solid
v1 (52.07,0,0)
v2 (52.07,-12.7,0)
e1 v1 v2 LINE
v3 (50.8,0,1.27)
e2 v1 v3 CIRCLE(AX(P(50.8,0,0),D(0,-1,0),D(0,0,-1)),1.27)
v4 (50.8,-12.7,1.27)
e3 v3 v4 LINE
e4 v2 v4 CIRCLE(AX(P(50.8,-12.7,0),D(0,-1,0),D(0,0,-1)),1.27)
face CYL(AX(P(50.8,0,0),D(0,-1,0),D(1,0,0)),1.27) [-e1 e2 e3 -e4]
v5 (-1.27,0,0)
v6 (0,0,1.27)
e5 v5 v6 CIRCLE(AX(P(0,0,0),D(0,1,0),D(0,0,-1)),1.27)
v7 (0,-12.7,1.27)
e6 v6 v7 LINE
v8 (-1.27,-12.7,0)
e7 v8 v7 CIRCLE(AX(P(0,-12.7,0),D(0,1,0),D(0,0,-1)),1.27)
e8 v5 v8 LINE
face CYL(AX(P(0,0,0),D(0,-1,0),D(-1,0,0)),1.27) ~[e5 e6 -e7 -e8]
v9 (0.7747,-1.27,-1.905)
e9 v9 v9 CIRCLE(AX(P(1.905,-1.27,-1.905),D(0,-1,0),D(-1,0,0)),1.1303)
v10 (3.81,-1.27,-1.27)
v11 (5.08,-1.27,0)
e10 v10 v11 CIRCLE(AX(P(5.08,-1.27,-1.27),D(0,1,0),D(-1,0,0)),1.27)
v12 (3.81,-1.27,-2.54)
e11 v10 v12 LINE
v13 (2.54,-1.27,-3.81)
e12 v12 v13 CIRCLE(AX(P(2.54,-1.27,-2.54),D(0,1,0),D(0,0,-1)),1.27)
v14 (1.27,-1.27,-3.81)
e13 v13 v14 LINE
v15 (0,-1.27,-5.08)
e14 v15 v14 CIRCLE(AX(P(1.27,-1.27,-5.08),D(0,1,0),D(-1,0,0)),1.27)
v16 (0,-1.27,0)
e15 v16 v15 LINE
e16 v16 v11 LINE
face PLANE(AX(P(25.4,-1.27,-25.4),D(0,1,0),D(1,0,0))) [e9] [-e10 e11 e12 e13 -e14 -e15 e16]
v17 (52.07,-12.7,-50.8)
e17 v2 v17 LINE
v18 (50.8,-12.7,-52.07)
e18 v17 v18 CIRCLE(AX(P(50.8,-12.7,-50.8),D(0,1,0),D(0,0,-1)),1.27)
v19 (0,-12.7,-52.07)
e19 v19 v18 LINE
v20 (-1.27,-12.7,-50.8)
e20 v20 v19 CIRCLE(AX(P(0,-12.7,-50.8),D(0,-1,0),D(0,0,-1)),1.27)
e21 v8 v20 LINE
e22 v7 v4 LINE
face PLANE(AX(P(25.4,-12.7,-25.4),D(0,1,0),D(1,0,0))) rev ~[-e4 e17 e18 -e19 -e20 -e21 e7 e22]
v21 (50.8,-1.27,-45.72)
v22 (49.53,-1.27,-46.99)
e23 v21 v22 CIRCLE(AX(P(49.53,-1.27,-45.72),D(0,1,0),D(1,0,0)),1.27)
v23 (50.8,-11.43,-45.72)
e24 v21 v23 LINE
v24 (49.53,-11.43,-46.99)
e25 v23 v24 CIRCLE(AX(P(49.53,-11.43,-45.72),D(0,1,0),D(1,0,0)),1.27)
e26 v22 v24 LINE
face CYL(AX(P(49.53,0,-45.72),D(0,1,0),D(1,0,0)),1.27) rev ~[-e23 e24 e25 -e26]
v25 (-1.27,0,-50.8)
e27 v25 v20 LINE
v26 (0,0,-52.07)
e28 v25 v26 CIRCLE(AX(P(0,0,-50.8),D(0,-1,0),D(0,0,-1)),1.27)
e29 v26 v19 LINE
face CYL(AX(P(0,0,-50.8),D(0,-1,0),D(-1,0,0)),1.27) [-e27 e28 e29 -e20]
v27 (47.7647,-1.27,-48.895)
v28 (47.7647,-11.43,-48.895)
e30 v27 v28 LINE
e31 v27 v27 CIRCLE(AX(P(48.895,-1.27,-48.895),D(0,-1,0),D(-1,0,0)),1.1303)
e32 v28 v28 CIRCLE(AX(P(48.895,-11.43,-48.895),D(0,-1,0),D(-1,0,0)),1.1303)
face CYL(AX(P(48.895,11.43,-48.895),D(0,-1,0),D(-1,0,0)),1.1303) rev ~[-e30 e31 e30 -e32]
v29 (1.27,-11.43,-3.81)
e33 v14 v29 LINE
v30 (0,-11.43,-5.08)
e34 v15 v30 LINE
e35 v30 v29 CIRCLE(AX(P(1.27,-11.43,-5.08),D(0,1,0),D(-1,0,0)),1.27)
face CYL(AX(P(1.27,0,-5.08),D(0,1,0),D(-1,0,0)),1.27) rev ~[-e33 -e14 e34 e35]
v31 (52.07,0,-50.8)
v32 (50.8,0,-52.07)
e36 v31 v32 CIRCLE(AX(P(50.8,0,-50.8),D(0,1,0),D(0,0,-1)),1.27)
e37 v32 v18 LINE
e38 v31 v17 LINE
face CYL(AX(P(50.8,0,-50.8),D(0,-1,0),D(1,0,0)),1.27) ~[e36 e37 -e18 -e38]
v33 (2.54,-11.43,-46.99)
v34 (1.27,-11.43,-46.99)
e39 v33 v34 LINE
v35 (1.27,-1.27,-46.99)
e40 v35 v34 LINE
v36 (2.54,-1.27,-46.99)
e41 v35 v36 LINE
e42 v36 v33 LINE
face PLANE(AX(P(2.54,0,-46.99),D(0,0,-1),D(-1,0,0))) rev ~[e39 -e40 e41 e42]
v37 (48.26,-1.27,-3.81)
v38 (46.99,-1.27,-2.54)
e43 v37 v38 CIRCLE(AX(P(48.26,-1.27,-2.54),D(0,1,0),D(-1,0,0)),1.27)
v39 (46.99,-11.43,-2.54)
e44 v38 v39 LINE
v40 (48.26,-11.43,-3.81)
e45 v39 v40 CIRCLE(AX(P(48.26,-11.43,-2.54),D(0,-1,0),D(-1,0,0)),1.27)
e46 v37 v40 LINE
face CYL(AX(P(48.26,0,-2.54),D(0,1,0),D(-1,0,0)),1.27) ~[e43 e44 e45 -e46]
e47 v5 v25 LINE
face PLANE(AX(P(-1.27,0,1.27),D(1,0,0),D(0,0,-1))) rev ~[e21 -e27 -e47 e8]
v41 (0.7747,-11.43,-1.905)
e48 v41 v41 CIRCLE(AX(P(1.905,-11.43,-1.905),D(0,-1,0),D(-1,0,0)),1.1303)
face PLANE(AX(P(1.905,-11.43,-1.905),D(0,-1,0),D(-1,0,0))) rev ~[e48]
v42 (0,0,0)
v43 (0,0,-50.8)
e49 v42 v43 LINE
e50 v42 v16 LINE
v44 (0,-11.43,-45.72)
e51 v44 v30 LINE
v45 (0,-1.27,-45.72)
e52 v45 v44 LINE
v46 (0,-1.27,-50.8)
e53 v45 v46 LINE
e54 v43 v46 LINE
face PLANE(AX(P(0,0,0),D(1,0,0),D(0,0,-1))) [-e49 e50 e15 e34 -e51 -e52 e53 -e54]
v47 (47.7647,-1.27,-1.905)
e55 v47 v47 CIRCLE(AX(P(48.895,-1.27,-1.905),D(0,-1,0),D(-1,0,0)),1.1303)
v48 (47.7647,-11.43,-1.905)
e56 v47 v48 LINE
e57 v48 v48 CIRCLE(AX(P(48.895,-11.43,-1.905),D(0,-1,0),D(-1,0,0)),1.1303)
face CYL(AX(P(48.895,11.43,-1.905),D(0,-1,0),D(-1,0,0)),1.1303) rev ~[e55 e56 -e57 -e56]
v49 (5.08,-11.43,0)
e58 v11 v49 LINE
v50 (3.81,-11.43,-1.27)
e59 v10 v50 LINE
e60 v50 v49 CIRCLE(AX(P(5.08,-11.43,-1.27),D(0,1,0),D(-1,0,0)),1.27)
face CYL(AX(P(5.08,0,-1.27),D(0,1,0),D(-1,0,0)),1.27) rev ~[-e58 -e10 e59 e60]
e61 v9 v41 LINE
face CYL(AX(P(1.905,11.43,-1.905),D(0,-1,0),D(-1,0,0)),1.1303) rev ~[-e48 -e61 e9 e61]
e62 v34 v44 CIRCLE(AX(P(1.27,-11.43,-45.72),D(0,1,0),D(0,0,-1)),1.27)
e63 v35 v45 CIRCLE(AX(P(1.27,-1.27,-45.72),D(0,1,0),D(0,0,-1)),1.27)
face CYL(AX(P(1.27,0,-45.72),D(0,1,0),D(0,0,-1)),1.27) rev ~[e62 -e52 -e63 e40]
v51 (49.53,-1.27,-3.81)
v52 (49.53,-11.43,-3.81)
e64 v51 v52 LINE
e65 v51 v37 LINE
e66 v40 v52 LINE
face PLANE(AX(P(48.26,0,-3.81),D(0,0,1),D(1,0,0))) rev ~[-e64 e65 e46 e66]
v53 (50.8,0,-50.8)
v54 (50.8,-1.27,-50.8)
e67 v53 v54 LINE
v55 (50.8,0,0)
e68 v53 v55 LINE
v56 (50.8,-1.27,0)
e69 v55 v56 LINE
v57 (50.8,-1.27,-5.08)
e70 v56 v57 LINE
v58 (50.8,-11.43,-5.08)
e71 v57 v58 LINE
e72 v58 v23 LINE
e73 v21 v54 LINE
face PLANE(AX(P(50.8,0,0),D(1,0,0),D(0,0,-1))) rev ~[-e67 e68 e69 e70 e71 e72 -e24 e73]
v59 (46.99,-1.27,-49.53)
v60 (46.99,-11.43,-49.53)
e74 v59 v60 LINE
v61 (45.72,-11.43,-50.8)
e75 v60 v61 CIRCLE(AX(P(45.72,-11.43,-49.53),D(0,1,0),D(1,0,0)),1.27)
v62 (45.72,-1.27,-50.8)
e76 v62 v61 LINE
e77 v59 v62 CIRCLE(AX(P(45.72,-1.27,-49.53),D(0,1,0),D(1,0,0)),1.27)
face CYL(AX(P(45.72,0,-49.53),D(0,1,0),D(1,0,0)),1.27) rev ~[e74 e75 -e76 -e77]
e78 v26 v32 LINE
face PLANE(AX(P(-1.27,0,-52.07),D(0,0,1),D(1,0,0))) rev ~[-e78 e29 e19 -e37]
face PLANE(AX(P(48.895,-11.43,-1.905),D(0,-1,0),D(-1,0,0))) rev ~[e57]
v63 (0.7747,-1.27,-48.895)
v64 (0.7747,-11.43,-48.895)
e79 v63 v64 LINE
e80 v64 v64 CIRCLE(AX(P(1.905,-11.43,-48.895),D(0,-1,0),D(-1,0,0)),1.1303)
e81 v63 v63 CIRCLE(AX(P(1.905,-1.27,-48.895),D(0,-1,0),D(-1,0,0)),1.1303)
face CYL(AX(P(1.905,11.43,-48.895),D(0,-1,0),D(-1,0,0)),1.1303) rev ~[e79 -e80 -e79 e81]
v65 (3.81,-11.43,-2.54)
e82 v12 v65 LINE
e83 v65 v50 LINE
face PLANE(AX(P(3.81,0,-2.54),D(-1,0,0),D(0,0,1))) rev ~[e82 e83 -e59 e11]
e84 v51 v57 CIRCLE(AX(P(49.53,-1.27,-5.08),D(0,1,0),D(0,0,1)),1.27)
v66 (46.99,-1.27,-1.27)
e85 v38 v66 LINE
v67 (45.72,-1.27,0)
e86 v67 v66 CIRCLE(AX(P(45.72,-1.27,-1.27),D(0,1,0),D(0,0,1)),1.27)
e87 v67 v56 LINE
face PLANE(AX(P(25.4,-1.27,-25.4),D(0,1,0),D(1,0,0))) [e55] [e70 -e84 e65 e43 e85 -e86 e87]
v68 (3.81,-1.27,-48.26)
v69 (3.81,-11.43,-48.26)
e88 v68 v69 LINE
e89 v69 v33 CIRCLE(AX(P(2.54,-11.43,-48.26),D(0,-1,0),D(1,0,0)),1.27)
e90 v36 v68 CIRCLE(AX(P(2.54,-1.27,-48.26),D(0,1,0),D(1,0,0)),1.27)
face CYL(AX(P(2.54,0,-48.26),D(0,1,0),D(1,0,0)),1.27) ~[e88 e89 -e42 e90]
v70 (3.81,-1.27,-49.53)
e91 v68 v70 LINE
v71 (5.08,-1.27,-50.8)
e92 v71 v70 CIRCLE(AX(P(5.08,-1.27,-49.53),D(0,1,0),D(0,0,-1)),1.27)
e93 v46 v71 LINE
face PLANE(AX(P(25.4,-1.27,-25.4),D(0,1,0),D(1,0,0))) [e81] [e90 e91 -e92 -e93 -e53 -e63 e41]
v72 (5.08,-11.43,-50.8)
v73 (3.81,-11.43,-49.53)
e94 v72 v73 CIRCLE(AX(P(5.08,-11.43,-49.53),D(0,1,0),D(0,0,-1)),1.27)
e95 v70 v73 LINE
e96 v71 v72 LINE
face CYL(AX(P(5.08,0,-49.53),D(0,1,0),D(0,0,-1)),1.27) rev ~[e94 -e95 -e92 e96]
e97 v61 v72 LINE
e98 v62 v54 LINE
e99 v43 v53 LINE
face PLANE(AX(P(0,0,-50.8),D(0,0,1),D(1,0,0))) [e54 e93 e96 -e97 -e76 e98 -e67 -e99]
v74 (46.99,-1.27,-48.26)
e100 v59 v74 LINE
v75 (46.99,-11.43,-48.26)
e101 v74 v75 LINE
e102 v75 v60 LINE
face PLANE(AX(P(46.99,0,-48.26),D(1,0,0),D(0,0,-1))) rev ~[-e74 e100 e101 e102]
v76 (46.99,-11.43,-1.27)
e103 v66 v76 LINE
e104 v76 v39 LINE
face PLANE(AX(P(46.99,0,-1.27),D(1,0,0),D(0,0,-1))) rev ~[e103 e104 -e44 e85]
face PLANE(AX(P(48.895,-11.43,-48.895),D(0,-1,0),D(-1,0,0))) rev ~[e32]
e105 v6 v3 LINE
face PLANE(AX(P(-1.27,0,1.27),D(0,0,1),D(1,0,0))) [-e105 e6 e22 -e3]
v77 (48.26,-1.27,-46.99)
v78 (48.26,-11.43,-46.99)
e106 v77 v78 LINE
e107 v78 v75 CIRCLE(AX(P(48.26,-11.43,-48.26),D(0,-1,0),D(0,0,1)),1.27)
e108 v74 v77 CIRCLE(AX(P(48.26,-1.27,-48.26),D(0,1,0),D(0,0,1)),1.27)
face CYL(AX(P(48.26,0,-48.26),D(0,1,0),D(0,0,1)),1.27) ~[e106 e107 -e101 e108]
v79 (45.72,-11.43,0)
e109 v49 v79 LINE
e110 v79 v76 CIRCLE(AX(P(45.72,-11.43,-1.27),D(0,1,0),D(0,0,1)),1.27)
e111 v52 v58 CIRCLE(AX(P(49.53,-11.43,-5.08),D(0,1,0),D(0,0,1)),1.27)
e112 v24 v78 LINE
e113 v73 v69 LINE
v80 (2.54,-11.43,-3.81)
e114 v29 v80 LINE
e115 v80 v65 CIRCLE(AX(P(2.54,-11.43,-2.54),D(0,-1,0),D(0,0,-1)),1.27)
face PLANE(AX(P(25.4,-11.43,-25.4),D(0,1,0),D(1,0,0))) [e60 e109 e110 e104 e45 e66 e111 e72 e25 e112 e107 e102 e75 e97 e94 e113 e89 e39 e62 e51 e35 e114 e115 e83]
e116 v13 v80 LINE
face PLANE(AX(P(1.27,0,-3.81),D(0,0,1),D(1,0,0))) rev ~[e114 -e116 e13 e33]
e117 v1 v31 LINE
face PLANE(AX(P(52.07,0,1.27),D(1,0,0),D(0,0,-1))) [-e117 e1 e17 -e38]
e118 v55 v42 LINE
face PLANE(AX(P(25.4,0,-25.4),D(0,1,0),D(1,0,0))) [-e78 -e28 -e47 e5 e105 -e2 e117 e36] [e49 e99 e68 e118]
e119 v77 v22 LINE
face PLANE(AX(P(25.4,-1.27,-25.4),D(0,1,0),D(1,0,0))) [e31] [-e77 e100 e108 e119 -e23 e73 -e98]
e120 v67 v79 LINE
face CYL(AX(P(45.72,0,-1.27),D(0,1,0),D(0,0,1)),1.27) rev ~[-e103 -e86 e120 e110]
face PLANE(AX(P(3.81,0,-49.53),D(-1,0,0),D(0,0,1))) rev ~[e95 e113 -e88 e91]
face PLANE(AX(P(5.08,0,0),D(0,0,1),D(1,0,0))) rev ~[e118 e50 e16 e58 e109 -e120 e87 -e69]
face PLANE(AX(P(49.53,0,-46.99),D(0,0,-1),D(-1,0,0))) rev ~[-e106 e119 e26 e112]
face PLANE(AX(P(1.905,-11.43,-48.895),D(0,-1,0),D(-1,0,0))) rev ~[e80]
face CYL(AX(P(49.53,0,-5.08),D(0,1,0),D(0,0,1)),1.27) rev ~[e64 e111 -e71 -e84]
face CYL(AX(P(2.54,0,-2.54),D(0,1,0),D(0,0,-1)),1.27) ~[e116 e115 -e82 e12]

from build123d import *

# Parameters (mm, degrees)
SKETCH4_W                 = 53.34
SKETCH4_H                 = 53.34
BOSS_EXTRUDE1_DEPTH       = 12.7
CUT_EXTRUDE1_DEPTH        = 11.43
F_4_40_TAPPED_HOLE1_D     = 2.2606
F_4_40_TAPPED_HOLE1_DEPTH = 11.43
SKETCH5_W                 = 50.8
SKETCH5_H                 = 50.8
CUT_EXTRUDE2_DEPTH        = 1.27
FILLET1_R                 = 1.27


with BuildPart() as part:
    # Sketch4 → Boss-Extrude1 (new body)
    with BuildSketch(Plane(origin=(0, 0, 0), x_dir=(1, 0, 0), z_dir=(0, 1, 0))):
        with Locations((25.4, 25.4)):
            Rectangle(SKETCH4_W, SKETCH4_H)
    extrude(amount=-BOSS_EXTRUDE1_DEPTH)

    # Sketch3 → Cut-Extrude1 (cut)
    with BuildSketch(Plane(origin=(0, 0, 0), x_dir=(1, 0, 0), z_dir=(0, 1, 0))):
        with BuildLine():
            Line((5.08, 0), (45.72, 0))
            ThreePointArc((45.72, 0), (46.618025612, 0.371974388), (46.99, 1.27))
            Line((46.99, 1.27), (46.99, 2.54))
            ThreePointArc((46.99, 2.54), (47.361974388, 3.438025612), (48.26, 3.81))
            Line((48.26, 3.81), (49.53, 3.81))
            ThreePointArc((49.53, 3.81), (50.428025612, 4.181974388), (50.8, 5.08))
            Line((50.8, 5.08), (50.8, 45.72))
            ThreePointArc((50.8, 45.72), (50.428025612, 46.618025612), (49.53, 46.99))
            Line((49.53, 46.99), (48.26, 46.99))
            ThreePointArc((48.26, 46.99), (47.361974388, 47.361974388), (46.99, 48.26))
            Line((46.99, 48.26), (46.99, 49.53))
            ThreePointArc((46.99, 49.53), (46.618025612, 50.428025612), (45.72, 50.8))
            Line((45.72, 50.8), (5.08, 50.8))
            ThreePointArc((5.08, 50.8), (4.181974388, 50.428025612), (3.81, 49.53))
            Line((3.81, 49.53), (3.81, 48.26))
            ThreePointArc((3.81, 48.26), (3.438025612, 47.361974388), (2.54, 46.99))
            Line((2.54, 46.99), (1.27, 46.99))
            ThreePointArc((1.27, 46.99), (0.371974388, 46.618025612), (0, 45.72))
            Line((0, 45.72), (0, 5.08))
            ThreePointArc((0, 5.08), (0.371974388, 4.181974388), (1.27, 3.81))
            Line((1.27, 3.81), (2.54, 3.81))
            ThreePointArc((2.54, 3.81), (3.438025612, 3.438025612), (3.81, 2.54))
            Line((3.81, 2.54), (3.81, 1.27))
            ThreePointArc((3.81, 1.27), (4.181974388, 0.371974388), (5.08, 0))
        make_face()
    extrude(amount=-CUT_EXTRUDE1_DEPTH, mode=Mode.SUBTRACT)

    # #4-40 Tapped Hole1
    with Locations(Plane(origin=(0, 0, 0), x_dir=(1, 0, 0), z_dir=(0, 1, 0))):
        with Locations((1.905, 48.895), (48.895, 48.895), (1.905, 1.905), (48.895, 1.905)):
            Hole(F_4_40_TAPPED_HOLE1_D / 2, depth=F_4_40_TAPPED_HOLE1_DEPTH)

    # Sketch5 → Cut-Extrude2 (cut)
    with BuildSketch(Plane(origin=(0, 0, 0), x_dir=(1, 0, 0), z_dir=(0, 1, 0))):
        with Locations((25.4, 25.4)):
            Rectangle(SKETCH5_W, SKETCH5_H)
    extrude(amount=-CUT_EXTRUDE2_DEPTH, mode=Mode.SUBTRACT)

    # Fillet1
    fillet1_edges = [part.edges().sort_by_distance(p)[0] for p in [
        (-1.27, -6.35, -52.07),
        (52.07, -6.35, -52.07),
        (52.07, -6.35, 1.27),
        (-1.27, -6.35, 1.27),
    ]]
    fillet(fillet1_edges, radius=FILLET1_R)


solid = part.part
